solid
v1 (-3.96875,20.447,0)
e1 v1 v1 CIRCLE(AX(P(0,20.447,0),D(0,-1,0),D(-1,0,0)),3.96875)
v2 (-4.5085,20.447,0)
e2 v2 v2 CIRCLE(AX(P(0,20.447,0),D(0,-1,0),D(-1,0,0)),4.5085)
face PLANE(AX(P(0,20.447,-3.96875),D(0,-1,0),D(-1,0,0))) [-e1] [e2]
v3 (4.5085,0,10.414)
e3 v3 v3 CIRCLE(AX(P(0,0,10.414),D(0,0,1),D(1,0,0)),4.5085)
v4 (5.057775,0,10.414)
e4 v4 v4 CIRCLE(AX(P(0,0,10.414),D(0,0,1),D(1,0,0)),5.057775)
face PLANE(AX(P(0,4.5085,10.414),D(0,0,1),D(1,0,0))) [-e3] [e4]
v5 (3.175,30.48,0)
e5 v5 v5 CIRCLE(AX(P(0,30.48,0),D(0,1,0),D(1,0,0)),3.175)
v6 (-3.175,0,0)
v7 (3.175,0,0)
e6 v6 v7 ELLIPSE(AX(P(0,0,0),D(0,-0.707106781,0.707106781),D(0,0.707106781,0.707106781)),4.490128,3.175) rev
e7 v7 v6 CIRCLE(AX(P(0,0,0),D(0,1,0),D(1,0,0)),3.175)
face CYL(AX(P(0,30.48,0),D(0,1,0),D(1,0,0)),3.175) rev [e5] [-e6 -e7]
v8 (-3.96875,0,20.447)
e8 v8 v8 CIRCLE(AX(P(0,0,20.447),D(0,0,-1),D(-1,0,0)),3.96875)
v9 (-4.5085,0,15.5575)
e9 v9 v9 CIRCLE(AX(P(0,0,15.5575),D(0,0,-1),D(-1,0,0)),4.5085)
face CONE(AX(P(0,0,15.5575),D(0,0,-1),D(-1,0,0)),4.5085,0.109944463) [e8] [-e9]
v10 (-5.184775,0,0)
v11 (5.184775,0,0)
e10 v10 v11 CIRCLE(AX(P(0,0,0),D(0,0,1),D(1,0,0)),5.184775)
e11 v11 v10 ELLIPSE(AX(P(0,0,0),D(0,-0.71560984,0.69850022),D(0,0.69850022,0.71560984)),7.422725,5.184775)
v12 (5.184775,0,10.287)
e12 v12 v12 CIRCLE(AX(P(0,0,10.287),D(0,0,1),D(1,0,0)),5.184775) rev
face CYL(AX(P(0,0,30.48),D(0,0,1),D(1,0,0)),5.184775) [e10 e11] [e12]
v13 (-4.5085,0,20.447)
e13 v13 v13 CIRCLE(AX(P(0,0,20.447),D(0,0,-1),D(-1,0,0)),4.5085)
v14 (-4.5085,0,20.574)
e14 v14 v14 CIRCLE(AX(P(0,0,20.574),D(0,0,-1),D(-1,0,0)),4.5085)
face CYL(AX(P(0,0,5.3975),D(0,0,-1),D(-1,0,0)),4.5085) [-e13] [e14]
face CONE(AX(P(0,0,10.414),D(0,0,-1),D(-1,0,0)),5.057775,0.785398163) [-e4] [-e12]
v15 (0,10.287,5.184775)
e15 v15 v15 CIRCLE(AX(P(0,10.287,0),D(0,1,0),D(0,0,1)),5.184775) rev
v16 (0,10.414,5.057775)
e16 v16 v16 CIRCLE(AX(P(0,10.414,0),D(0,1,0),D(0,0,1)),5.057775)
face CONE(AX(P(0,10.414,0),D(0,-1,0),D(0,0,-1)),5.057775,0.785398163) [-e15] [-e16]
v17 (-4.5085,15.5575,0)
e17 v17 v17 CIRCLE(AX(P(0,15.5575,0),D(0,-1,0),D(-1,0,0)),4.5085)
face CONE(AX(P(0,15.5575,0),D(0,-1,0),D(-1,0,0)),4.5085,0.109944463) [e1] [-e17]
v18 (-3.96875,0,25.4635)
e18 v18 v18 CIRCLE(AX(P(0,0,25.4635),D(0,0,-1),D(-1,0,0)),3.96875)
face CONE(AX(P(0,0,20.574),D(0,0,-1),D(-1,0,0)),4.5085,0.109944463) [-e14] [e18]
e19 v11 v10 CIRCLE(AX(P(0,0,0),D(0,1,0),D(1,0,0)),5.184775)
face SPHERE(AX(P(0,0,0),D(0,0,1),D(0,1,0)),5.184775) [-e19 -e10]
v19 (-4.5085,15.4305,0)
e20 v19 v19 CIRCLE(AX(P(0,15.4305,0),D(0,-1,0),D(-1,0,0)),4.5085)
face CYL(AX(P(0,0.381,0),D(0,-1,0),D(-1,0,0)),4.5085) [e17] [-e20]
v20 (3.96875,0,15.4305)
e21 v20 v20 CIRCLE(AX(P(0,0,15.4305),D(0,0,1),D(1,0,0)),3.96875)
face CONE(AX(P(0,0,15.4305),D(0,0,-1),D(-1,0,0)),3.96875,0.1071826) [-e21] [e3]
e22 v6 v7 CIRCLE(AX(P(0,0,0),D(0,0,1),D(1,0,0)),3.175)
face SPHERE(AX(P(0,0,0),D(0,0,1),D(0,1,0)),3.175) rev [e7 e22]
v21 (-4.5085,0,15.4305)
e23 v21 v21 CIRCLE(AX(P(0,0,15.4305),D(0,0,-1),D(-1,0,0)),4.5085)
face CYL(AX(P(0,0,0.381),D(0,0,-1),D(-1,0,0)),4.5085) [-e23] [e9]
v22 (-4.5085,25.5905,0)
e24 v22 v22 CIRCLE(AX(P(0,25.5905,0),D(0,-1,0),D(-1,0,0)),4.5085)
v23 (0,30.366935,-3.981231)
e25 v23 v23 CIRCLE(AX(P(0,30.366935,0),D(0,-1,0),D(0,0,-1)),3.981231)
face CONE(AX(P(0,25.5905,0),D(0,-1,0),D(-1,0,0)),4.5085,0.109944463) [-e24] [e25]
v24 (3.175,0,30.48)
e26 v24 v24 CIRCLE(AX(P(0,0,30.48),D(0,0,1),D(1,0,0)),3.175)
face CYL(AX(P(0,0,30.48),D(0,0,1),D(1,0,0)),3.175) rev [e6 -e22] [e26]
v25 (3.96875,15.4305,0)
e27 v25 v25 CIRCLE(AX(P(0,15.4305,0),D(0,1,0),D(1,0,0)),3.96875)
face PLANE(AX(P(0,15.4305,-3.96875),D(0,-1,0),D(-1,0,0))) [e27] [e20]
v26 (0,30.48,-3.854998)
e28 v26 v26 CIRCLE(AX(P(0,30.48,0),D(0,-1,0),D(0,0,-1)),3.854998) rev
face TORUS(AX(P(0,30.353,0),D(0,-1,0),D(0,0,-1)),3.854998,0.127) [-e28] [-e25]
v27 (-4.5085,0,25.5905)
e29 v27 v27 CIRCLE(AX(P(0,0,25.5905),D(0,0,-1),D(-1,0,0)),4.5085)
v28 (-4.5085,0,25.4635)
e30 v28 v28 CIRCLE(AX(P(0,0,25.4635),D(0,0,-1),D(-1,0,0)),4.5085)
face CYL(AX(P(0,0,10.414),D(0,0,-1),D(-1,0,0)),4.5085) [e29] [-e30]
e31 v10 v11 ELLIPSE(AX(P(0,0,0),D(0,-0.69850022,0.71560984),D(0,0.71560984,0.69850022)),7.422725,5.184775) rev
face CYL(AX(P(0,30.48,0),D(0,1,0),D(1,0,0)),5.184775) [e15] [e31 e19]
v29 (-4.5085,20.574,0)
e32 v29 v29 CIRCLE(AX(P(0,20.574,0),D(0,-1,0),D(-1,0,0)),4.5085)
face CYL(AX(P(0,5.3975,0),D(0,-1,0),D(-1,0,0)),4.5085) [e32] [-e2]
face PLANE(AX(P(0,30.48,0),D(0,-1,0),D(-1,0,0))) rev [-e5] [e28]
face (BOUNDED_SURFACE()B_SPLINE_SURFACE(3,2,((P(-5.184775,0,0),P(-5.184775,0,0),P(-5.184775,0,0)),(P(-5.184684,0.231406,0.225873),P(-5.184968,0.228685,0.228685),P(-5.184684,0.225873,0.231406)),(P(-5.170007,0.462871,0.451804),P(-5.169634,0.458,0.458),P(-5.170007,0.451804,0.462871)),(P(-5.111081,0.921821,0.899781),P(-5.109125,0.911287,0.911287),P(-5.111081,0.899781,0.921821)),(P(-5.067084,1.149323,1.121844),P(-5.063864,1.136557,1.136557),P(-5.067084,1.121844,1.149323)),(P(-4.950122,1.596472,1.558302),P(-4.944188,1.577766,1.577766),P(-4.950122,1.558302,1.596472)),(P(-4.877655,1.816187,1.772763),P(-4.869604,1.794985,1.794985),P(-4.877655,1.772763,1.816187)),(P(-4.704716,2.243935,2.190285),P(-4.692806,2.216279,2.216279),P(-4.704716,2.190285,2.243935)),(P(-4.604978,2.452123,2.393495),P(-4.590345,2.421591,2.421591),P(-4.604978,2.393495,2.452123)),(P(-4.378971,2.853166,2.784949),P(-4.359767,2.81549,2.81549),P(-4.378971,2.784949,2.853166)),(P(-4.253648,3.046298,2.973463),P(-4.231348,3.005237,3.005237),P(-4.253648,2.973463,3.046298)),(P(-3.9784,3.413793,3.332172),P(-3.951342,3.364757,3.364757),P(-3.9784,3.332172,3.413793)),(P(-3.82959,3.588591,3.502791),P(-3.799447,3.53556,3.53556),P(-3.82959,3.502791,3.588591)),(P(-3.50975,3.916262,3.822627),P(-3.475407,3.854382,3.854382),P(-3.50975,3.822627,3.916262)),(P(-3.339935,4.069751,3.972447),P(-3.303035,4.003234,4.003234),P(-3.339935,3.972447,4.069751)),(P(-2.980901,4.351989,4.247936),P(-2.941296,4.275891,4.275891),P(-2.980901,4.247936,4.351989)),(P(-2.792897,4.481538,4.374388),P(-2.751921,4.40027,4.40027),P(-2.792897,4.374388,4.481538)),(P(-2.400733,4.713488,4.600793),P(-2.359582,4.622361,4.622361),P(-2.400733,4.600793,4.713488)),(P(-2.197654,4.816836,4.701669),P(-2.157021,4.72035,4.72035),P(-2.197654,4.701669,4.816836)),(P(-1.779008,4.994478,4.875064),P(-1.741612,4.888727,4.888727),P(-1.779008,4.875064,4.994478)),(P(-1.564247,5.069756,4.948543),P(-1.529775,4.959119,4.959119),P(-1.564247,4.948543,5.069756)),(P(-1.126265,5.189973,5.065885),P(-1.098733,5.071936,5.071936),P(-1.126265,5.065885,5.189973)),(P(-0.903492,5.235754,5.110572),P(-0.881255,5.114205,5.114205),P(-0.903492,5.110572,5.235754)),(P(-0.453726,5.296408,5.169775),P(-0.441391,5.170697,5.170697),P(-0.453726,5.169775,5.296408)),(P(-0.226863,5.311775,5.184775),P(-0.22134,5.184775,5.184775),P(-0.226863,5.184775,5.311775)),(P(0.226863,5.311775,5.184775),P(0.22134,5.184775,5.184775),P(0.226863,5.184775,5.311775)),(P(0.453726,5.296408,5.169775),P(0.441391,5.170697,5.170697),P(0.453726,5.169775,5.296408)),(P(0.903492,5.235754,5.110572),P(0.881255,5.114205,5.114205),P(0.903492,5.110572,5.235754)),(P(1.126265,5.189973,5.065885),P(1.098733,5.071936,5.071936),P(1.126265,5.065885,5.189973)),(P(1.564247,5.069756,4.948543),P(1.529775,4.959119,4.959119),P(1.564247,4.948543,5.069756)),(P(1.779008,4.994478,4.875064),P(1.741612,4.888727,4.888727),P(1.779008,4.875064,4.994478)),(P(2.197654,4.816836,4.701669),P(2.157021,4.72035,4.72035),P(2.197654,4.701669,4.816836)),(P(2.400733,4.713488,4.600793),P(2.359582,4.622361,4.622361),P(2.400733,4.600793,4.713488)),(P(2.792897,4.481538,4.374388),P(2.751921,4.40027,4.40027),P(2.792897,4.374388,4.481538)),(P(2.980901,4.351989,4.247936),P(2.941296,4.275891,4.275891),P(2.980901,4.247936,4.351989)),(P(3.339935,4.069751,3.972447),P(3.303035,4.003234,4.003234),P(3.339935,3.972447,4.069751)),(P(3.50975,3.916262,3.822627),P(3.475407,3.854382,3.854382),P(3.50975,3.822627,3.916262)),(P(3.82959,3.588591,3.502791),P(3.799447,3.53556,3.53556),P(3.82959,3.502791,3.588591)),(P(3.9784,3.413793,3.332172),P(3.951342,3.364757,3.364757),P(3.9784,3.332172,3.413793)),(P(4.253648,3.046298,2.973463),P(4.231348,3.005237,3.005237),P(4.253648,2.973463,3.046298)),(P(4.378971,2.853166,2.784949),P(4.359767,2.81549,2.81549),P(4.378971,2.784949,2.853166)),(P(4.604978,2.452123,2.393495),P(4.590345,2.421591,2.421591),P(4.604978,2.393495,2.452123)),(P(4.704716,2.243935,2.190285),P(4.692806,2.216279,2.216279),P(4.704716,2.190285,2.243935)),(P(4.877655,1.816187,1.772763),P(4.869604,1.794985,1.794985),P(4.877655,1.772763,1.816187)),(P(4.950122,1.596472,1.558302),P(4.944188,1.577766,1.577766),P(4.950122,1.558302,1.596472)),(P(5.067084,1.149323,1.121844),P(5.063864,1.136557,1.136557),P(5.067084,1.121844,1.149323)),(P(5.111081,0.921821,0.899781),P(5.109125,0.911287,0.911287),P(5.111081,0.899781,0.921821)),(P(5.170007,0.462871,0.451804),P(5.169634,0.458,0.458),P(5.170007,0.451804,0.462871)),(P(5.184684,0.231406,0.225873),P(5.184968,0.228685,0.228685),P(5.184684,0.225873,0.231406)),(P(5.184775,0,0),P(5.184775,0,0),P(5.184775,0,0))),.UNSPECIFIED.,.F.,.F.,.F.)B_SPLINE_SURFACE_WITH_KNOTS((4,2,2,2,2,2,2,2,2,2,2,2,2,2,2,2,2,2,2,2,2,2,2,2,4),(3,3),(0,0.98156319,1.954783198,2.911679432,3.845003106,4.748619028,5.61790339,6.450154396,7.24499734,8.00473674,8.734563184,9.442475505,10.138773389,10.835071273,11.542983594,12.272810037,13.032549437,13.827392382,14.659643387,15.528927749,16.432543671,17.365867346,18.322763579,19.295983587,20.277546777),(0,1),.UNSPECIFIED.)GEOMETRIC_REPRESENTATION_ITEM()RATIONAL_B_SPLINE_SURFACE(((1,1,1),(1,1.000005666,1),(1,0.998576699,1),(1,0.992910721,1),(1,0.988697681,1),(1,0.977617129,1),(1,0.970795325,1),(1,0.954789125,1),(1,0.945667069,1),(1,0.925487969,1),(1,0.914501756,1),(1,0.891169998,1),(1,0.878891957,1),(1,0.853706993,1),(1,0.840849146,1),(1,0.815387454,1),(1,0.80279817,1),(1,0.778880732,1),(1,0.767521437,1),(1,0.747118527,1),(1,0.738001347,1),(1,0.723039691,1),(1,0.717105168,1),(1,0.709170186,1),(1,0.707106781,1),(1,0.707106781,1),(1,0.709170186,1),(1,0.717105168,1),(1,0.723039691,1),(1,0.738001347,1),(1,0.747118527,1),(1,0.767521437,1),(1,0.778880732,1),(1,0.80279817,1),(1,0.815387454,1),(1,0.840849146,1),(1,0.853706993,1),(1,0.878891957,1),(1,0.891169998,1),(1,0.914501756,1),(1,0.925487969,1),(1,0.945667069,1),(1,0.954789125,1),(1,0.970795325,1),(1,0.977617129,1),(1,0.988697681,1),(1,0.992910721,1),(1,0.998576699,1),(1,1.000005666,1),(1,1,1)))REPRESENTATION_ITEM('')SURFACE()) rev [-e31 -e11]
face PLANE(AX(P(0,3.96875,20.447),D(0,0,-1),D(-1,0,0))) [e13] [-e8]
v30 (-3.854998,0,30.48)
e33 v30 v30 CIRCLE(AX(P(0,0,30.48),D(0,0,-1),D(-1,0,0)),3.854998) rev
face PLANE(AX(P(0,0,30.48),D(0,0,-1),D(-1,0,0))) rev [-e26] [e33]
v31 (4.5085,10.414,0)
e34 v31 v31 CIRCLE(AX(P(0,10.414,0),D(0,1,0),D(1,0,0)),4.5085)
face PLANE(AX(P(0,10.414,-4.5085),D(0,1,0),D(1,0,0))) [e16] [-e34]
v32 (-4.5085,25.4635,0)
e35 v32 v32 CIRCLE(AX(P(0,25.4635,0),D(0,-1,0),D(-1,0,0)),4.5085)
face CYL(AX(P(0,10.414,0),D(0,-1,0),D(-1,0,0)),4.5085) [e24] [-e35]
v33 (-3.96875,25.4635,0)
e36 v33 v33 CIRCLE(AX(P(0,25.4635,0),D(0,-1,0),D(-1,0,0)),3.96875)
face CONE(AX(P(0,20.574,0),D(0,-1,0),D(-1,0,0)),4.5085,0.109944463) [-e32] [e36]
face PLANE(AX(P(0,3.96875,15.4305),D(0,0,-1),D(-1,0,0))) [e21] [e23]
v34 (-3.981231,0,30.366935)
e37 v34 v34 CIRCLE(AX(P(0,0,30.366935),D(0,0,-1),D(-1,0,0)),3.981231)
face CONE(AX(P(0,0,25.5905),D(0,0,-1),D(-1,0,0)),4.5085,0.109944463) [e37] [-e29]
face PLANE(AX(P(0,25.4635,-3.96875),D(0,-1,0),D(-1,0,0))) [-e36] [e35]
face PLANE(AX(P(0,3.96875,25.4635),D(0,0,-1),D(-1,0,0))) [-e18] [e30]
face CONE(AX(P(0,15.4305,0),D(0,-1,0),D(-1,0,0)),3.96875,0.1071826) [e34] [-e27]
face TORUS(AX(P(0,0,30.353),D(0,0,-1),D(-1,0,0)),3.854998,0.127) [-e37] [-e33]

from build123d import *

# Parameters (mm, degrees)
LPATTERN1_COUNT              = 3
LPATTERN1_PITCH              = 5.0165
CHAMFER1_SIZE                = 0.127
CIRPATTERN1_COUNT            = 2
CIRPATTERN1_ANGLE            = 90
CHAMFER1_OF_CIRPATTERN1_SIZE = 0.127
CIRPATTERN2_COUNT            = 2
CIRPATTERN2_ANGLE            = 90
FILLET2_R                    = 0.127


with BuildPart() as part:
    # Sketch2 → Revolve1 (revolve)
    with BuildSketch(Plane(origin=(0, 0, 0), x_dir=(0, 0, -1), z_dir=(1, 0, 0)), mode=Mode.PRIVATE) as revolve1_sk:
        with BuildLine():
            Line((-30.48, 0), (-30.48, 5.184775))
            Line((-30.48, 5.184775), (0, 5.184775))
            ThreePointArc((0, 5.184775), (3.666189561, 3.666189561), (5.184775, 0))
            Line((5.184775, 0), (-30.48, 0))
        make_face()
    revolve1 = revolve(revolve1_sk.sketch.rotate(Axis((0, 0, 30.48), (0, 0, -1)), 90), axis=Axis((0, 0, 30.48), (0, 0, -1)))

    # Sketch3 → Cut-Revolve1 (revolve, cut)
    with BuildSketch(Plane(origin=(0, 0, 0), x_dir=(0, 0, -1), z_dir=(1, 0, 0)), mode=Mode.PRIVATE) as cut_revolve1_sk:
        Polygon((-30.48, 5.184775), (-30.48, 3.96875), (-15.4305, 3.96875), (-10.414, 4.5085), (-10.414, 5.184775), align=None)
    cut_revolve1 = revolve(cut_revolve1_sk.sketch.rotate(Axis((0, 0, 30.48), (0, 0, -1)), 90), axis=Axis((0, 0, 30.48), (0, 0, -1)), mode=Mode.SUBTRACT)

    # Sketch4 → Revolve2 (revolve)
    with BuildSketch(Plane(origin=(0, 0, 0), x_dir=(0, 0, -1), z_dir=(1, 0, 0))):
        Polygon((-25.4635, 4.5085), (-25.5905, 4.5085), (-30.48, 3.96875), (-25.4635, 3.96875), align=None)
    revolve2 = revolve(axis=Axis((0, 0, 10.414), (0, 0, 1)))

    # LPattern1: Revolve2 ×3
    with Locations(*[(0, 0, -i * LPATTERN1_PITCH) for i in range(1, LPATTERN1_COUNT)]):
        add(revolve2)

    # Chamfer1
    chamfer1_edges = [part.edges().sort_by_distance(p)[0] for p in [
        (-5.184775, 0, 10.414),
    ]]
    chamfer(chamfer1_edges, length=CHAMFER1_SIZE)

    # CirPattern1: Revolve1, Cut-Revolve1, Revolve2 ×2 about axis
    cirpattern1_axis = Axis((-6.6671825, 0, 0), (-1, 0, 0))
    add([revolve1.rotate(cirpattern1_axis, i * CIRPATTERN1_ANGLE / (CIRPATTERN1_COUNT - 1)) for i in range(1, CIRPATTERN1_COUNT)])
    add([cut_revolve1.rotate(cirpattern1_axis, i * CIRPATTERN1_ANGLE / (CIRPATTERN1_COUNT - 1)) for i in range(1, CIRPATTERN1_COUNT)], mode=Mode.SUBTRACT)
    add([revolve2.rotate(cirpattern1_axis, i * CIRPATTERN1_ANGLE / (CIRPATTERN1_COUNT - 1)) for i in range(1, CIRPATTERN1_COUNT)])

    # CirPattern1 copy 1 sketch → CirPattern1 copy 1 (revolve)
    with BuildSketch(Plane(origin=(0, -5.0165, 0), x_dir=(0, -1, 0), z_dir=(1, 0, 0))):
        Polygon((-25.4635, 4.5085), (-25.5905, 4.5085), (-30.48, 3.96875), (-25.4635, 3.96875), align=None)
    revolve(axis=Axis((0, 5.3975, 0), (0, 1, 0)))

    # CirPattern1 copy 2 sketch → CirPattern1 copy 2 (revolve)
    with BuildSketch(Plane(origin=(0, -10.033, 0), x_dir=(0, -1, 0), z_dir=(1, 0, 0))):
        Polygon((-25.4635, 4.5085), (-25.5905, 4.5085), (-30.48, 3.96875), (-25.4635, 3.96875), align=None)
    revolve(axis=Axis((0, 0.381, 0), (0, 1, 0)))

    # Chamfer1 of CirPattern1
    chamfer1_of_cirpattern1_edges = [part.edges().sort_by_distance(p)[0] for p in [
        (-5.184775, 10.414, 0),
    ]]
    chamfer(chamfer1_of_cirpattern1_edges, length=CHAMFER1_OF_CIRPATTERN1_SIZE)

    # Sketch5 → Cut-Revolve2 (revolve, cut)
    with BuildSketch(Plane(origin=(0, 0, 0), x_dir=(0, 0, -1), z_dir=(1, 0, 0)), mode=Mode.PRIVATE) as cut_revolve2_sk:
        with BuildLine():
            Line((-30.48, 3.175), (0, 3.175))
            ThreePointArc((0, 3.175), (2.24506403, 2.24506403), (3.175, 0))
            Line((3.175, 0), (-30.48, 0))
            Line((-30.48, 0), (-30.48, 3.175))
        make_face()
    cut_revolve2 = revolve(cut_revolve2_sk.sketch.rotate(Axis((0, 0, 30.48), (0, 0, -1)), 270), axis=Axis((0, 0, 30.48), (0, 0, -1)), mode=Mode.SUBTRACT)

    # CirPattern2: Cut-Revolve2 ×2 about axis
    cirpattern2_axis = Axis((-6.6671825, 0, 0), (-1, 0, 0))
    for i in range(1, CIRPATTERN2_COUNT):
        add(cut_revolve2.rotate(cirpattern2_axis, i * CIRPATTERN2_ANGLE / (CIRPATTERN2_COUNT - 1)), mode=Mode.SUBTRACT)

    # Fillet2
    fillet2_edges = [part.edges().sort_by_distance(p)[0] for p in [
        (0, -3.96875, 30.48),
        (5.714e-06, 5.184775, 5.184775),
        (0, 30.48, 3.96875),
    ]]
    fillet(fillet2_edges, radius=FILLET2_R)


solid = part.part
